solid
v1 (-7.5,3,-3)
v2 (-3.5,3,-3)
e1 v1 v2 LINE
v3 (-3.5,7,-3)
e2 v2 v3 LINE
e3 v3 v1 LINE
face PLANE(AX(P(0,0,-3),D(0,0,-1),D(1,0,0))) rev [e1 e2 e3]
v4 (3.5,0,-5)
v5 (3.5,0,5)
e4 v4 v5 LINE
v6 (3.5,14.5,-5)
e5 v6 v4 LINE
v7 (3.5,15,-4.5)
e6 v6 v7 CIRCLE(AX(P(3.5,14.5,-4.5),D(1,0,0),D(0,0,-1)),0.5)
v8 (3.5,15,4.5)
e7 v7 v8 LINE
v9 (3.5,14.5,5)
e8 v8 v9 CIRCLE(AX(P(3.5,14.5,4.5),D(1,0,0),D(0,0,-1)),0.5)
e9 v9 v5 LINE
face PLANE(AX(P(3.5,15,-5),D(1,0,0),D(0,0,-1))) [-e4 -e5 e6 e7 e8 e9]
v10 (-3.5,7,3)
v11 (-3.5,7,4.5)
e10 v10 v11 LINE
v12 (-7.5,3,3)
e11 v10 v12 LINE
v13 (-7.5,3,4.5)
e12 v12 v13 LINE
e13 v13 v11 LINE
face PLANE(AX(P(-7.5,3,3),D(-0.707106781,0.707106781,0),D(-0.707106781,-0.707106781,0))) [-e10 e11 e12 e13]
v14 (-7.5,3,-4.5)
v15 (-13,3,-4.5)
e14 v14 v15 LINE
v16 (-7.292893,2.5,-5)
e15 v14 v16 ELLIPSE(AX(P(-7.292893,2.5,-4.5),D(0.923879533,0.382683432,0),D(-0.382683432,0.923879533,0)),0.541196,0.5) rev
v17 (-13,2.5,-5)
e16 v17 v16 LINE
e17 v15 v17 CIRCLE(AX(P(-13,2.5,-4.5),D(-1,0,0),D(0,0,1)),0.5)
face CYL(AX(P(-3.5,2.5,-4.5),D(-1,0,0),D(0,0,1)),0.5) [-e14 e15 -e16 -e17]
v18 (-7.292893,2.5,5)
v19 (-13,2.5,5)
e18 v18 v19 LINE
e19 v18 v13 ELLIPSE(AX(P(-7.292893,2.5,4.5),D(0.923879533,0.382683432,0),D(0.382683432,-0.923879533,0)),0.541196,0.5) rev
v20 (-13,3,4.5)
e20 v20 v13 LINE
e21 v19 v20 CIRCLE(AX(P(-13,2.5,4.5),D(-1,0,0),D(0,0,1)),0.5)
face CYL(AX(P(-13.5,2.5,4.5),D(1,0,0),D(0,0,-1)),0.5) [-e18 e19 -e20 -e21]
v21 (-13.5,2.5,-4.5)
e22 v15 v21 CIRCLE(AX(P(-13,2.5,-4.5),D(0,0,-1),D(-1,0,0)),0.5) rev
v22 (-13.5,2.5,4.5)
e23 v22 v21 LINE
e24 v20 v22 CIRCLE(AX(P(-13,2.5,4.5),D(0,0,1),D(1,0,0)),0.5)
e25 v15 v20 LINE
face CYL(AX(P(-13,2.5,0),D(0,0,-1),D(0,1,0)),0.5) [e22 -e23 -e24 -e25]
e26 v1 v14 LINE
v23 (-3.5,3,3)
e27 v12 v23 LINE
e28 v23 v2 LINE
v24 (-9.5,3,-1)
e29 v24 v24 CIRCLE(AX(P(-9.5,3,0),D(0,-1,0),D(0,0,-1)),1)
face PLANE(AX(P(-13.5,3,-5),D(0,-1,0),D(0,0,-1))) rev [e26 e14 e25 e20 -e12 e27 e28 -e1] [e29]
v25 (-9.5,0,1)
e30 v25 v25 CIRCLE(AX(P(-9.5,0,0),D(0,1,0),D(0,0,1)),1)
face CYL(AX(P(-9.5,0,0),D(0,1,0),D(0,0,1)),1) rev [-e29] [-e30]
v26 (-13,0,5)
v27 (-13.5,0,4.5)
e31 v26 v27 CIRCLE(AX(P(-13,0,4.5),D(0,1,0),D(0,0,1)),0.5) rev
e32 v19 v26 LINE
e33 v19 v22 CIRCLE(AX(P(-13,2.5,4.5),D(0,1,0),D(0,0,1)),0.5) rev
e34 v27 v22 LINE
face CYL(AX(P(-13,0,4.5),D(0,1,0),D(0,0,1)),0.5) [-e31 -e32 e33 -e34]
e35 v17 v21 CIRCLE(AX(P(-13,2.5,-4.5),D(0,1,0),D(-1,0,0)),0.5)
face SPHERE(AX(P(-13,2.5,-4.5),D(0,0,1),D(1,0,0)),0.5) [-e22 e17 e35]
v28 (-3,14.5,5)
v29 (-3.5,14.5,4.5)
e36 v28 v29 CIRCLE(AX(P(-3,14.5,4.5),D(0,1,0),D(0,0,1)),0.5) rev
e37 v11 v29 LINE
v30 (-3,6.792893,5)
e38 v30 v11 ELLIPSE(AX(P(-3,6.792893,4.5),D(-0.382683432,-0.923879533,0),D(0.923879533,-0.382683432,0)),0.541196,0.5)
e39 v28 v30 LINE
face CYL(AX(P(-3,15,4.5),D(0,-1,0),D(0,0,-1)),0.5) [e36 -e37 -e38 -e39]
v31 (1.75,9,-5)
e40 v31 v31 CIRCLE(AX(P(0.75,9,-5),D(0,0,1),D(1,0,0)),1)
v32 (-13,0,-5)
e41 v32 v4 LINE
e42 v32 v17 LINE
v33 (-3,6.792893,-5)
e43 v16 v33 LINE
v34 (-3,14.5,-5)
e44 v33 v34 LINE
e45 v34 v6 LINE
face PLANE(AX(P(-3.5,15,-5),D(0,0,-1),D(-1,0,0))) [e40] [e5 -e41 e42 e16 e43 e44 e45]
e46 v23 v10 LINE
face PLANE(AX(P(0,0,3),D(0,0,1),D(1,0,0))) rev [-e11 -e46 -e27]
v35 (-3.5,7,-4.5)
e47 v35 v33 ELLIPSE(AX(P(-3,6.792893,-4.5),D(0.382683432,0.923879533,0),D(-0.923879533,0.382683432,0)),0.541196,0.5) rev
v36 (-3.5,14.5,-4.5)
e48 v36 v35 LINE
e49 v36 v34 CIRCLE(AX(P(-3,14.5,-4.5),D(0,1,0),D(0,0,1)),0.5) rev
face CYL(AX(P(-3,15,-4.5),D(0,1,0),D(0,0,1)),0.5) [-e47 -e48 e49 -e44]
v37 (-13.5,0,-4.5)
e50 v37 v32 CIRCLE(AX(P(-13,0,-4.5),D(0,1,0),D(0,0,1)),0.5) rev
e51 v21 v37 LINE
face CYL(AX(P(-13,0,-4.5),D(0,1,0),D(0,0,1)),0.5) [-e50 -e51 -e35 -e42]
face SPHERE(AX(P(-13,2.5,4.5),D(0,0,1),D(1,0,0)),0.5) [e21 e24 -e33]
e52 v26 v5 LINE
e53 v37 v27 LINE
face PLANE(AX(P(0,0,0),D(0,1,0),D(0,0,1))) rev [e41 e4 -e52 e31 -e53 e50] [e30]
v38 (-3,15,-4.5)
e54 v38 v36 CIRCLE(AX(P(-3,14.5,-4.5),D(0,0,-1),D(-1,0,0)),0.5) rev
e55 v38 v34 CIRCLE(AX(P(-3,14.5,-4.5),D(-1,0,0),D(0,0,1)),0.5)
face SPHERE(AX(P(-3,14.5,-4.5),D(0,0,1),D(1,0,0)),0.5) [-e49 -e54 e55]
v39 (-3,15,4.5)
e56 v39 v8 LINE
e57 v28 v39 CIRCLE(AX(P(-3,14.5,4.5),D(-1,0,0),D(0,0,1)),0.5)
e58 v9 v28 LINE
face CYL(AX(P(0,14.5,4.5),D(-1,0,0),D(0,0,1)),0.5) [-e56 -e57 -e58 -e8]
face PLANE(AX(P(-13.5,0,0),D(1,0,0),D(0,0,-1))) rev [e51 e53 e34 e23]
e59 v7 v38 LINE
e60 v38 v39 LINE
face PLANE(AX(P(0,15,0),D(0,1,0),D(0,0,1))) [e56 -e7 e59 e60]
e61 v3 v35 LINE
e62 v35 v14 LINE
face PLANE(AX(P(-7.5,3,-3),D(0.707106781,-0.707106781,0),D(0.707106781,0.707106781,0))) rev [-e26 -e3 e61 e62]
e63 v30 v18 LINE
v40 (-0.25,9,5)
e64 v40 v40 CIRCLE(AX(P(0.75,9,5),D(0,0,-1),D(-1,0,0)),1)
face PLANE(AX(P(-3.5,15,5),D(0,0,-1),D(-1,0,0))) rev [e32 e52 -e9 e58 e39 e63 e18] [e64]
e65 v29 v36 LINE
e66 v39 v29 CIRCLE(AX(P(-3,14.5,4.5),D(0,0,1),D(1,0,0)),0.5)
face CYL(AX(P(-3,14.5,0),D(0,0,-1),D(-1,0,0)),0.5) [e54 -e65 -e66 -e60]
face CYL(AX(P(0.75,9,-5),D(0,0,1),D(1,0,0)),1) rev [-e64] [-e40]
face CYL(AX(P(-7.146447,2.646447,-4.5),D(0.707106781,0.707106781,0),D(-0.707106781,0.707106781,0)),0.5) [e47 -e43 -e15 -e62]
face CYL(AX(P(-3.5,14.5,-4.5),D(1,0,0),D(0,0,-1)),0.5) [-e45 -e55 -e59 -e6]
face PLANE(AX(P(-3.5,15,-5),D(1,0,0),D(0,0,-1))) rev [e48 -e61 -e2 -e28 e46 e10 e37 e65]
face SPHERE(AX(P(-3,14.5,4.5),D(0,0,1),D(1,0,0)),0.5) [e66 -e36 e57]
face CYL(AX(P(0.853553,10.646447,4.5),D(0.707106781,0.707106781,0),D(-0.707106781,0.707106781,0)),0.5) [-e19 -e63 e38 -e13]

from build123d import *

# Parameters (mm, degrees)
ESQUISSE2_W                  = 7
ESQUISSE2_H                  = 10
BOSS_EXTRU_1_DEPTH           = 15
ESQUISSE3_W                  = 10
ESQUISSE3_H                  = 3
BOSS_EXTRU_2_DEPTH           = 10
BOSS_EXTRU_3_DEPTH           = 2
ESQUISSE7_R                  = 1
ENL_V_MAT_EXTRU_1_DEPTH      = 13
ENL_V_MAT_EXTRU_1_DEPTH_BACK = 4
ESQUISSE8_R                  = 1
ENL_V_MAT_EXTRU_2_DEPTH      = 1
ENL_V_MAT_EXTRU_2_DEPTH_BACK = 11
CONG_1_R                     = 0.5


with BuildPart() as part:
    # Esquisse2 → Boss.-Extru.1 (new body)
    with BuildSketch(Plane(origin=(0, 0, 0), x_dir=(1, 0, 0), z_dir=(0, 1, 0))):
        Rectangle(ESQUISSE2_W, ESQUISSE2_H)
    extrude(amount=BOSS_EXTRU_1_DEPTH)

    # Esquisse3 → Boss.-Extru.2 (add)
    with BuildSketch(Plane.ZY.offset(3.5)):
        with Locations((0, 1.5)):
            Rectangle(ESQUISSE3_W, ESQUISSE3_H)
    extrude(amount=BOSS_EXTRU_2_DEPTH)

    # Esquisse6 → Boss.-Extru.3 (add)
    with BuildSketch(Plane.XY.offset(5)):
        Polygon((-7.5, 3), (-3.5, 7), (-3.5, 3), align=None)
    boss_extru_3 = extrude(amount=-BOSS_EXTRU_3_DEPTH)

    # Symétrie1: Boss.-Extru.3 across plane
    add(boss_extru_3.mirror(Plane.XY))

    # Esquisse7 → Enlèv. mat.-Extru.1 (cut, two sides)
    with BuildSketch(Plane(origin=(0, 3, 0), x_dir=(1, 0, 0), z_dir=(0, 1, 0))) as enl_v_mat_extru_1_sk:
        with Locations((-9.5, 0)):
            Circle(ESQUISSE7_R)
    extrude(amount=ENL_V_MAT_EXTRU_1_DEPTH, mode=Mode.SUBTRACT)
    extrude(enl_v_mat_extru_1_sk.sketch, amount=-ENL_V_MAT_EXTRU_1_DEPTH_BACK, mode=Mode.SUBTRACT)

    # Esquisse8 → Enlèv. mat.-Extru.2 (cut, two sides)
    with BuildSketch(Plane.XY.offset(5)) as enl_v_mat_extru_2_sk:
        with Locations((0.75, 9)):
            Circle(ESQUISSE8_R)
    extrude(amount=ENL_V_MAT_EXTRU_2_DEPTH, mode=Mode.SUBTRACT)
    extrude(enl_v_mat_extru_2_sk.sketch, amount=-ENL_V_MAT_EXTRU_2_DEPTH_BACK, mode=Mode.SUBTRACT)

    # Congé1
    cong_1_edges = [part.edges().sort_by_distance(p)[0] for p in [
        (0, 15, -5),
        (-10.5, 3, -5),
        (-10.5, 3, 5),
        (-13.5, 1.5, -5),
        (-13.5, 1.5, 5),
        (-13.5, 3, 0),
        (-5.5, 5, 5),
        (-3.5, 15, 0),
        (-5.5, 5, -5),
        (0, 15, 5),
        (-3.5, 11, -5),
        (-3.5, 11, 5),
    ]]
    fillet(cong_1_edges, radius=CONG_1_R)


solid = part.part
